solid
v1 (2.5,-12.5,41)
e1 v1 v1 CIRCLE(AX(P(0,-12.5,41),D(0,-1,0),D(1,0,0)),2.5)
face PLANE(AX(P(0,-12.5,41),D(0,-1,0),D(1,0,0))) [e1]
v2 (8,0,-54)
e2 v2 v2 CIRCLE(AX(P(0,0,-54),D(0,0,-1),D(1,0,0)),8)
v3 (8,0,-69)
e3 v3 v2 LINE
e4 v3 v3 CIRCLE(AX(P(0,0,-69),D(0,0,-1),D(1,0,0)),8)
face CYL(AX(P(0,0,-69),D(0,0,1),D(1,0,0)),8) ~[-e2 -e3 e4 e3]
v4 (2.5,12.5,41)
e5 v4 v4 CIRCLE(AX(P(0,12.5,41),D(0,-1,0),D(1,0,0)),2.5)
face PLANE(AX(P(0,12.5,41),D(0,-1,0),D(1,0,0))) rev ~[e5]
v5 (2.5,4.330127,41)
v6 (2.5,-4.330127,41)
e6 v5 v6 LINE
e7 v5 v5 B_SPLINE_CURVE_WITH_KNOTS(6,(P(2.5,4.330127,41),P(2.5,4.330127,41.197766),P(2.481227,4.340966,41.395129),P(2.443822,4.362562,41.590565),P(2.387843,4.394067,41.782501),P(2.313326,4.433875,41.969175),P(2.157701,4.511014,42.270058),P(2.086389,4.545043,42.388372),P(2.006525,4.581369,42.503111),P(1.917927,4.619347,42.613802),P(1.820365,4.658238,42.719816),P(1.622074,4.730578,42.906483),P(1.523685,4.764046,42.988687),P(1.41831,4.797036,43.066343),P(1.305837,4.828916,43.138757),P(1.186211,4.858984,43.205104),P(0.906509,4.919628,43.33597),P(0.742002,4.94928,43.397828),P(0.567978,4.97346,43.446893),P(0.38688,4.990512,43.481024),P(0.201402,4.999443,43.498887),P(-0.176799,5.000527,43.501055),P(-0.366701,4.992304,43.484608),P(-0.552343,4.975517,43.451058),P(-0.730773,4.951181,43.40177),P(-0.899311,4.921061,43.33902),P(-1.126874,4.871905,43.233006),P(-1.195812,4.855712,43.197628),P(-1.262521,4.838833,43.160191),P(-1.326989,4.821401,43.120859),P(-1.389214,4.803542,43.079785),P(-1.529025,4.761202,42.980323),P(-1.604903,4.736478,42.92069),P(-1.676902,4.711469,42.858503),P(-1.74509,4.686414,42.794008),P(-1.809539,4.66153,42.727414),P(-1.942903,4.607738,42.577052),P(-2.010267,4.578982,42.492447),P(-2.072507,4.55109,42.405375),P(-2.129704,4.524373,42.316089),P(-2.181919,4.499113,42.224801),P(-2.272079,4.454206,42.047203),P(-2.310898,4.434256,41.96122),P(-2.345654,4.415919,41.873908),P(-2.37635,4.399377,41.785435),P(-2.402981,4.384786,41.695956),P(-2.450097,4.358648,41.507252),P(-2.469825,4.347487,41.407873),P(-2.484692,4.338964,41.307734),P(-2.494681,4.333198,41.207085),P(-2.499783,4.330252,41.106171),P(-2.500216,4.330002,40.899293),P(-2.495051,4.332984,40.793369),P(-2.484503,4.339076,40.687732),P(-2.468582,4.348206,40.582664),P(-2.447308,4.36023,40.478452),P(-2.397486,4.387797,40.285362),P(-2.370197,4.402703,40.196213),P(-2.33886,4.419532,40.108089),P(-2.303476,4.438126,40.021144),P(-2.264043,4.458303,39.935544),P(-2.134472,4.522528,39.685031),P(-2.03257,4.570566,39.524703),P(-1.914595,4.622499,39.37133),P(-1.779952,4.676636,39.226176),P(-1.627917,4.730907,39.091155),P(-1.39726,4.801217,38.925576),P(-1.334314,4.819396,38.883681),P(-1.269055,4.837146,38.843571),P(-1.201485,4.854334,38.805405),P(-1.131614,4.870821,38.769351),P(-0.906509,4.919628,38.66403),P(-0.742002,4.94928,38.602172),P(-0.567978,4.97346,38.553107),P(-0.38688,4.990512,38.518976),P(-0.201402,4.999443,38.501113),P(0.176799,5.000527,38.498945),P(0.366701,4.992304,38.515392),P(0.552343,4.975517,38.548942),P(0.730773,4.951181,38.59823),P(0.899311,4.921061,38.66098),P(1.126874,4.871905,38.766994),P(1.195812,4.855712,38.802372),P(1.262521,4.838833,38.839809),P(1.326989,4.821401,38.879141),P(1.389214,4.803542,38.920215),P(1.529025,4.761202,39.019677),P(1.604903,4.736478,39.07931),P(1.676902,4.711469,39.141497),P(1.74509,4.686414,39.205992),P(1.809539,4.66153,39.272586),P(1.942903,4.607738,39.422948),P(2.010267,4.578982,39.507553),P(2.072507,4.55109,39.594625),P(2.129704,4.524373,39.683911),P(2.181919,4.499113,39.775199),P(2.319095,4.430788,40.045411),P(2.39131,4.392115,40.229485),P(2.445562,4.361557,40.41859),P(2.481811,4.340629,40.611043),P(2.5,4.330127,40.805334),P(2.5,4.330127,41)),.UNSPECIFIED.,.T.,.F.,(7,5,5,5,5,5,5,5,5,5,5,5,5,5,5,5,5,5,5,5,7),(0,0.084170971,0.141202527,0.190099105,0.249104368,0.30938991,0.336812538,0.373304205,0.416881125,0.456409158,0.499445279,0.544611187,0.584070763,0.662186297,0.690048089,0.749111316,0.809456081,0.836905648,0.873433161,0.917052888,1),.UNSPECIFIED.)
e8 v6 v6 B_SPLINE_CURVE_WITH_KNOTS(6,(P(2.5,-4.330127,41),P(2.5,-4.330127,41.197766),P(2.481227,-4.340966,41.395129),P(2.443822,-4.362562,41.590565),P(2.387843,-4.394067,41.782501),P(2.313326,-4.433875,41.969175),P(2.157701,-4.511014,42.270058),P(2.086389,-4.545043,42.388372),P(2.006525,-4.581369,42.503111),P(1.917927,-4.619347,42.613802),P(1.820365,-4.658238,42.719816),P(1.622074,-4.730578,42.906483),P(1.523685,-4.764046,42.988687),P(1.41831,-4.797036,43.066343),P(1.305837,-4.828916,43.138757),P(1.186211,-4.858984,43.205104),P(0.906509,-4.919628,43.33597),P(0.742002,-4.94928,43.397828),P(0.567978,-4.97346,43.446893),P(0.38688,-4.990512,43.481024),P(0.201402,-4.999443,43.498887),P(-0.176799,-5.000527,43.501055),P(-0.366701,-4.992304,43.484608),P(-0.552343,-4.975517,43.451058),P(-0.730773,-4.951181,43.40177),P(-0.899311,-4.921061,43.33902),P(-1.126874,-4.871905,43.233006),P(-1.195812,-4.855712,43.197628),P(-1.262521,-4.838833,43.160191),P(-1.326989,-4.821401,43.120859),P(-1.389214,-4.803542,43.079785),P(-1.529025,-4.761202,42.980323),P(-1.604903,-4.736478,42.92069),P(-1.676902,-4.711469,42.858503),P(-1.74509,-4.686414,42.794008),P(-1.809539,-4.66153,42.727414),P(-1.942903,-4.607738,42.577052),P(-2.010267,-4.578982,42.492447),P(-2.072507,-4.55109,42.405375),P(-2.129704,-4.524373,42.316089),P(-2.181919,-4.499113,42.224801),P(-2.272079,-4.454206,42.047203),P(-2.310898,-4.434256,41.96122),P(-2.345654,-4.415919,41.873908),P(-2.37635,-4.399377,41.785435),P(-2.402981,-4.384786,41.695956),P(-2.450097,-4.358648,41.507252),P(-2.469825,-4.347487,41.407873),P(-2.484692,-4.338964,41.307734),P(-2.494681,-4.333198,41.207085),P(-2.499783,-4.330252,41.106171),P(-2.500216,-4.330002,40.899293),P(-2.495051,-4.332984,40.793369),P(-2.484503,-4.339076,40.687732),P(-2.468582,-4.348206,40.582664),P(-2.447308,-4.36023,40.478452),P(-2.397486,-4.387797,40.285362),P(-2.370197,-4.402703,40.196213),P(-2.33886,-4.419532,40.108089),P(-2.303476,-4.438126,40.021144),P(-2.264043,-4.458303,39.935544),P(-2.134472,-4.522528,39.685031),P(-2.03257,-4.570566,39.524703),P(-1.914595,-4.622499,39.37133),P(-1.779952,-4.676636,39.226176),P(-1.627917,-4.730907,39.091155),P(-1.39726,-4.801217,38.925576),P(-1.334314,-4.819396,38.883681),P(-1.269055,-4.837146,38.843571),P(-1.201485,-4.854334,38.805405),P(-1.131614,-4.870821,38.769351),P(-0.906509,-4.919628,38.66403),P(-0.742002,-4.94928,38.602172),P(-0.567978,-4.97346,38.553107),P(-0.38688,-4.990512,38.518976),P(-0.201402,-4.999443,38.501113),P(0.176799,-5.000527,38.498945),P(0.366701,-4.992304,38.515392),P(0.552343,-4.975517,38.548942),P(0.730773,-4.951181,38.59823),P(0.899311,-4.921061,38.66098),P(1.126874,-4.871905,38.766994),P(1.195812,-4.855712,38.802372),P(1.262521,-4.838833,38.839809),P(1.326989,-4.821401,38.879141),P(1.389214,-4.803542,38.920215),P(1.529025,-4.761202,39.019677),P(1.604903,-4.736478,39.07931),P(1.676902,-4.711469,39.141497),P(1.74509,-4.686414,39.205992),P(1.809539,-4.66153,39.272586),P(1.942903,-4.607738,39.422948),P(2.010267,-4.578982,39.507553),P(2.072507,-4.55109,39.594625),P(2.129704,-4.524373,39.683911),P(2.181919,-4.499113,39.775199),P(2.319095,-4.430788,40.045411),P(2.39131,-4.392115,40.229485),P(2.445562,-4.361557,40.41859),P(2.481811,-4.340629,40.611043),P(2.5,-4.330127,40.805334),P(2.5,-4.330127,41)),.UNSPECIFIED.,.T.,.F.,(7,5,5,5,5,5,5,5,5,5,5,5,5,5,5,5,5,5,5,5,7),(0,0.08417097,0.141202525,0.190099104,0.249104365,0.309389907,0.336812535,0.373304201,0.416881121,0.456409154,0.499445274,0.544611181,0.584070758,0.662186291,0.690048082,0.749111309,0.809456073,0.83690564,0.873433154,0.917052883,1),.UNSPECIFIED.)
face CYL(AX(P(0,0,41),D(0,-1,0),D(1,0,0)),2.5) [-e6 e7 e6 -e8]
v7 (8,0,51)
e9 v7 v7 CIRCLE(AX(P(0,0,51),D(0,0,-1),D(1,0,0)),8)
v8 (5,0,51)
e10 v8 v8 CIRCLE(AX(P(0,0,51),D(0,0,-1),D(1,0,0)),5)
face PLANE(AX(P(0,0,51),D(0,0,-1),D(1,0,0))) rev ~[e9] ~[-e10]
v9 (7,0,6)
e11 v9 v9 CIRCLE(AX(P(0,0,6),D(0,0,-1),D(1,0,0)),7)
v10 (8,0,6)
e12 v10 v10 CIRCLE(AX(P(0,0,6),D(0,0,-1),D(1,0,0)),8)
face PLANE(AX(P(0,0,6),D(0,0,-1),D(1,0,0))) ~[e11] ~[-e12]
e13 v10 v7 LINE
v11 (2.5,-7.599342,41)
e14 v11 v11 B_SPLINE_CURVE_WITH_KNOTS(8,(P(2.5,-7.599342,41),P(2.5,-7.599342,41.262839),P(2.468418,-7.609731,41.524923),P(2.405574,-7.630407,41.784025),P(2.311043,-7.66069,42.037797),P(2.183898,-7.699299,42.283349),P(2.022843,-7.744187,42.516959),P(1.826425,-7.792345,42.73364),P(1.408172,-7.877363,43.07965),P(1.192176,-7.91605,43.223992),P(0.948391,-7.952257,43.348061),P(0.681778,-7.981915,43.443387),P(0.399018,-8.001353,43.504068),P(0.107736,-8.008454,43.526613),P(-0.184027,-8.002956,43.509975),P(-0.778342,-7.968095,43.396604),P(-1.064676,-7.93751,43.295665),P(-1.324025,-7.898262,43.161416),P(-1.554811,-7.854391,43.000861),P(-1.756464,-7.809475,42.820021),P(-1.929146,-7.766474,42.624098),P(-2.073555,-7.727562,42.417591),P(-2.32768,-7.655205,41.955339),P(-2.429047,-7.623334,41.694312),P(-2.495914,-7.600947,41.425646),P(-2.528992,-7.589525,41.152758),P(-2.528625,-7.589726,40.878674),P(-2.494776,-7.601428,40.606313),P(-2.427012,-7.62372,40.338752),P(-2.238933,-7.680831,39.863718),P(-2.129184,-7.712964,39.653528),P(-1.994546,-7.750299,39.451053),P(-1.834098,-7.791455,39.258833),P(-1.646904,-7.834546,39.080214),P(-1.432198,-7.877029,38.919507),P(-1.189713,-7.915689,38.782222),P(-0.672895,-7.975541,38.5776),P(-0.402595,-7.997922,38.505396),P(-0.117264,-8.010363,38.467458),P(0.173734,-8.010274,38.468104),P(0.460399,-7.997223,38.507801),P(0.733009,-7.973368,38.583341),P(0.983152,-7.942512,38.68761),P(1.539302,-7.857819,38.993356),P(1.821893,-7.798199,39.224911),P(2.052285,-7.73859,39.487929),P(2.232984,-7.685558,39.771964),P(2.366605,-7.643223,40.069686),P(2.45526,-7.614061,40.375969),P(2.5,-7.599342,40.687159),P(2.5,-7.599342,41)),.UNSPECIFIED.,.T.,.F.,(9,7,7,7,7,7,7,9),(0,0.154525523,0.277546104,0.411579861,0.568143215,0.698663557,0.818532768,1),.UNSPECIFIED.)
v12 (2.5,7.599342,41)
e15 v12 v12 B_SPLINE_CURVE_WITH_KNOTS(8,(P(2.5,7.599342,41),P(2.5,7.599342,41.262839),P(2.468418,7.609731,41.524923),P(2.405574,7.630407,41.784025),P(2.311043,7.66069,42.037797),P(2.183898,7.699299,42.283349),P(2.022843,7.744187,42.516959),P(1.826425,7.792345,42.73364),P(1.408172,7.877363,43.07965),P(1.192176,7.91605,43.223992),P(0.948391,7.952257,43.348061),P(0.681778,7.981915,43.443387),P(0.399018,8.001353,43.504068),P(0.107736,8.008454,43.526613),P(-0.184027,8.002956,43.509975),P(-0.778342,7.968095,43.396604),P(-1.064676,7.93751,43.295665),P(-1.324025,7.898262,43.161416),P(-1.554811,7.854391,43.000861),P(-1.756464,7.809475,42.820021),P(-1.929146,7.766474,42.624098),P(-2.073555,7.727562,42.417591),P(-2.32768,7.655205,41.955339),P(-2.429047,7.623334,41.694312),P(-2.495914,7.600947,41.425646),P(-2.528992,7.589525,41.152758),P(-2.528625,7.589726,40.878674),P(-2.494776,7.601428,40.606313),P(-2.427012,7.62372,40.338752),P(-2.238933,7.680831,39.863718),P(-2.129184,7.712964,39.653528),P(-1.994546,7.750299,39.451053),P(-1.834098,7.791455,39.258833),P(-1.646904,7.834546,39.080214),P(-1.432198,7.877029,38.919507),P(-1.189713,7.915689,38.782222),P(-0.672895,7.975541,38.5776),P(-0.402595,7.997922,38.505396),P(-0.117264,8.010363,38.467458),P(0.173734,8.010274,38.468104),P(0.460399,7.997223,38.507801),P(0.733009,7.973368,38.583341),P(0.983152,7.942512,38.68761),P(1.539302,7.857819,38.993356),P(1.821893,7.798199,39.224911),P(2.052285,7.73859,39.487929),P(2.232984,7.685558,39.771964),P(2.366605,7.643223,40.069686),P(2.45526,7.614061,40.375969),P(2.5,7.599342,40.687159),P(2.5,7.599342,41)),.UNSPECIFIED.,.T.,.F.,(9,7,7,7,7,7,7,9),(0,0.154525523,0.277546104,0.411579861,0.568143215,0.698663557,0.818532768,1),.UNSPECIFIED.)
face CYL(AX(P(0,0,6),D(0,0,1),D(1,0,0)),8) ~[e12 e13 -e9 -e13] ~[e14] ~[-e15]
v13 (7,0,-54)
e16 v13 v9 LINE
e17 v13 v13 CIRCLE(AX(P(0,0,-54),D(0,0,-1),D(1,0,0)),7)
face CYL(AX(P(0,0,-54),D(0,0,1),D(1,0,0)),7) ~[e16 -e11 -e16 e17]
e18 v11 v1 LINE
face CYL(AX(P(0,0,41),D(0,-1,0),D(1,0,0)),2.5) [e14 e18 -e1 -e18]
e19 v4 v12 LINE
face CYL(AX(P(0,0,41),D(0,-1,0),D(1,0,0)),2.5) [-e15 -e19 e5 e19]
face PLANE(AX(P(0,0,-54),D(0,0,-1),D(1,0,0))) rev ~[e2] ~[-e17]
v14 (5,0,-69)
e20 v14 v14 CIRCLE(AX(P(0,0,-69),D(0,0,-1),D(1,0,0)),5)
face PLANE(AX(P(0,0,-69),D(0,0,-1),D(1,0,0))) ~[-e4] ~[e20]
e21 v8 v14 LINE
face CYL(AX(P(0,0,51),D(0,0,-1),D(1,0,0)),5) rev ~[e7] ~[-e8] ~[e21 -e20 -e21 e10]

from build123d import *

# Parameters (mm, degrees)
F2_R     = 2.5
F3_DEPTH = 12.5


with BuildPart() as f1:
    # F0 (on Front) → F1 (revolve)
    with BuildSketch(Plane.XZ):
        Polygon((8, 51), (5, 51), (5, -69), (8, -69), (8, -54), (7, -54), (7, 6), (8, 6), align=None)
    revolve(axis=Axis((0, 0, -22.5128643215), (0, 0, -1)))

    # F2 (on Front) → F3 (join, symmetric)
    with BuildSketch(Plane.XZ):
        with Locations((0, 41)):
            Circle(F2_R)
    extrude(amount=F3_DEPTH, both=True)


solid = f1.part
